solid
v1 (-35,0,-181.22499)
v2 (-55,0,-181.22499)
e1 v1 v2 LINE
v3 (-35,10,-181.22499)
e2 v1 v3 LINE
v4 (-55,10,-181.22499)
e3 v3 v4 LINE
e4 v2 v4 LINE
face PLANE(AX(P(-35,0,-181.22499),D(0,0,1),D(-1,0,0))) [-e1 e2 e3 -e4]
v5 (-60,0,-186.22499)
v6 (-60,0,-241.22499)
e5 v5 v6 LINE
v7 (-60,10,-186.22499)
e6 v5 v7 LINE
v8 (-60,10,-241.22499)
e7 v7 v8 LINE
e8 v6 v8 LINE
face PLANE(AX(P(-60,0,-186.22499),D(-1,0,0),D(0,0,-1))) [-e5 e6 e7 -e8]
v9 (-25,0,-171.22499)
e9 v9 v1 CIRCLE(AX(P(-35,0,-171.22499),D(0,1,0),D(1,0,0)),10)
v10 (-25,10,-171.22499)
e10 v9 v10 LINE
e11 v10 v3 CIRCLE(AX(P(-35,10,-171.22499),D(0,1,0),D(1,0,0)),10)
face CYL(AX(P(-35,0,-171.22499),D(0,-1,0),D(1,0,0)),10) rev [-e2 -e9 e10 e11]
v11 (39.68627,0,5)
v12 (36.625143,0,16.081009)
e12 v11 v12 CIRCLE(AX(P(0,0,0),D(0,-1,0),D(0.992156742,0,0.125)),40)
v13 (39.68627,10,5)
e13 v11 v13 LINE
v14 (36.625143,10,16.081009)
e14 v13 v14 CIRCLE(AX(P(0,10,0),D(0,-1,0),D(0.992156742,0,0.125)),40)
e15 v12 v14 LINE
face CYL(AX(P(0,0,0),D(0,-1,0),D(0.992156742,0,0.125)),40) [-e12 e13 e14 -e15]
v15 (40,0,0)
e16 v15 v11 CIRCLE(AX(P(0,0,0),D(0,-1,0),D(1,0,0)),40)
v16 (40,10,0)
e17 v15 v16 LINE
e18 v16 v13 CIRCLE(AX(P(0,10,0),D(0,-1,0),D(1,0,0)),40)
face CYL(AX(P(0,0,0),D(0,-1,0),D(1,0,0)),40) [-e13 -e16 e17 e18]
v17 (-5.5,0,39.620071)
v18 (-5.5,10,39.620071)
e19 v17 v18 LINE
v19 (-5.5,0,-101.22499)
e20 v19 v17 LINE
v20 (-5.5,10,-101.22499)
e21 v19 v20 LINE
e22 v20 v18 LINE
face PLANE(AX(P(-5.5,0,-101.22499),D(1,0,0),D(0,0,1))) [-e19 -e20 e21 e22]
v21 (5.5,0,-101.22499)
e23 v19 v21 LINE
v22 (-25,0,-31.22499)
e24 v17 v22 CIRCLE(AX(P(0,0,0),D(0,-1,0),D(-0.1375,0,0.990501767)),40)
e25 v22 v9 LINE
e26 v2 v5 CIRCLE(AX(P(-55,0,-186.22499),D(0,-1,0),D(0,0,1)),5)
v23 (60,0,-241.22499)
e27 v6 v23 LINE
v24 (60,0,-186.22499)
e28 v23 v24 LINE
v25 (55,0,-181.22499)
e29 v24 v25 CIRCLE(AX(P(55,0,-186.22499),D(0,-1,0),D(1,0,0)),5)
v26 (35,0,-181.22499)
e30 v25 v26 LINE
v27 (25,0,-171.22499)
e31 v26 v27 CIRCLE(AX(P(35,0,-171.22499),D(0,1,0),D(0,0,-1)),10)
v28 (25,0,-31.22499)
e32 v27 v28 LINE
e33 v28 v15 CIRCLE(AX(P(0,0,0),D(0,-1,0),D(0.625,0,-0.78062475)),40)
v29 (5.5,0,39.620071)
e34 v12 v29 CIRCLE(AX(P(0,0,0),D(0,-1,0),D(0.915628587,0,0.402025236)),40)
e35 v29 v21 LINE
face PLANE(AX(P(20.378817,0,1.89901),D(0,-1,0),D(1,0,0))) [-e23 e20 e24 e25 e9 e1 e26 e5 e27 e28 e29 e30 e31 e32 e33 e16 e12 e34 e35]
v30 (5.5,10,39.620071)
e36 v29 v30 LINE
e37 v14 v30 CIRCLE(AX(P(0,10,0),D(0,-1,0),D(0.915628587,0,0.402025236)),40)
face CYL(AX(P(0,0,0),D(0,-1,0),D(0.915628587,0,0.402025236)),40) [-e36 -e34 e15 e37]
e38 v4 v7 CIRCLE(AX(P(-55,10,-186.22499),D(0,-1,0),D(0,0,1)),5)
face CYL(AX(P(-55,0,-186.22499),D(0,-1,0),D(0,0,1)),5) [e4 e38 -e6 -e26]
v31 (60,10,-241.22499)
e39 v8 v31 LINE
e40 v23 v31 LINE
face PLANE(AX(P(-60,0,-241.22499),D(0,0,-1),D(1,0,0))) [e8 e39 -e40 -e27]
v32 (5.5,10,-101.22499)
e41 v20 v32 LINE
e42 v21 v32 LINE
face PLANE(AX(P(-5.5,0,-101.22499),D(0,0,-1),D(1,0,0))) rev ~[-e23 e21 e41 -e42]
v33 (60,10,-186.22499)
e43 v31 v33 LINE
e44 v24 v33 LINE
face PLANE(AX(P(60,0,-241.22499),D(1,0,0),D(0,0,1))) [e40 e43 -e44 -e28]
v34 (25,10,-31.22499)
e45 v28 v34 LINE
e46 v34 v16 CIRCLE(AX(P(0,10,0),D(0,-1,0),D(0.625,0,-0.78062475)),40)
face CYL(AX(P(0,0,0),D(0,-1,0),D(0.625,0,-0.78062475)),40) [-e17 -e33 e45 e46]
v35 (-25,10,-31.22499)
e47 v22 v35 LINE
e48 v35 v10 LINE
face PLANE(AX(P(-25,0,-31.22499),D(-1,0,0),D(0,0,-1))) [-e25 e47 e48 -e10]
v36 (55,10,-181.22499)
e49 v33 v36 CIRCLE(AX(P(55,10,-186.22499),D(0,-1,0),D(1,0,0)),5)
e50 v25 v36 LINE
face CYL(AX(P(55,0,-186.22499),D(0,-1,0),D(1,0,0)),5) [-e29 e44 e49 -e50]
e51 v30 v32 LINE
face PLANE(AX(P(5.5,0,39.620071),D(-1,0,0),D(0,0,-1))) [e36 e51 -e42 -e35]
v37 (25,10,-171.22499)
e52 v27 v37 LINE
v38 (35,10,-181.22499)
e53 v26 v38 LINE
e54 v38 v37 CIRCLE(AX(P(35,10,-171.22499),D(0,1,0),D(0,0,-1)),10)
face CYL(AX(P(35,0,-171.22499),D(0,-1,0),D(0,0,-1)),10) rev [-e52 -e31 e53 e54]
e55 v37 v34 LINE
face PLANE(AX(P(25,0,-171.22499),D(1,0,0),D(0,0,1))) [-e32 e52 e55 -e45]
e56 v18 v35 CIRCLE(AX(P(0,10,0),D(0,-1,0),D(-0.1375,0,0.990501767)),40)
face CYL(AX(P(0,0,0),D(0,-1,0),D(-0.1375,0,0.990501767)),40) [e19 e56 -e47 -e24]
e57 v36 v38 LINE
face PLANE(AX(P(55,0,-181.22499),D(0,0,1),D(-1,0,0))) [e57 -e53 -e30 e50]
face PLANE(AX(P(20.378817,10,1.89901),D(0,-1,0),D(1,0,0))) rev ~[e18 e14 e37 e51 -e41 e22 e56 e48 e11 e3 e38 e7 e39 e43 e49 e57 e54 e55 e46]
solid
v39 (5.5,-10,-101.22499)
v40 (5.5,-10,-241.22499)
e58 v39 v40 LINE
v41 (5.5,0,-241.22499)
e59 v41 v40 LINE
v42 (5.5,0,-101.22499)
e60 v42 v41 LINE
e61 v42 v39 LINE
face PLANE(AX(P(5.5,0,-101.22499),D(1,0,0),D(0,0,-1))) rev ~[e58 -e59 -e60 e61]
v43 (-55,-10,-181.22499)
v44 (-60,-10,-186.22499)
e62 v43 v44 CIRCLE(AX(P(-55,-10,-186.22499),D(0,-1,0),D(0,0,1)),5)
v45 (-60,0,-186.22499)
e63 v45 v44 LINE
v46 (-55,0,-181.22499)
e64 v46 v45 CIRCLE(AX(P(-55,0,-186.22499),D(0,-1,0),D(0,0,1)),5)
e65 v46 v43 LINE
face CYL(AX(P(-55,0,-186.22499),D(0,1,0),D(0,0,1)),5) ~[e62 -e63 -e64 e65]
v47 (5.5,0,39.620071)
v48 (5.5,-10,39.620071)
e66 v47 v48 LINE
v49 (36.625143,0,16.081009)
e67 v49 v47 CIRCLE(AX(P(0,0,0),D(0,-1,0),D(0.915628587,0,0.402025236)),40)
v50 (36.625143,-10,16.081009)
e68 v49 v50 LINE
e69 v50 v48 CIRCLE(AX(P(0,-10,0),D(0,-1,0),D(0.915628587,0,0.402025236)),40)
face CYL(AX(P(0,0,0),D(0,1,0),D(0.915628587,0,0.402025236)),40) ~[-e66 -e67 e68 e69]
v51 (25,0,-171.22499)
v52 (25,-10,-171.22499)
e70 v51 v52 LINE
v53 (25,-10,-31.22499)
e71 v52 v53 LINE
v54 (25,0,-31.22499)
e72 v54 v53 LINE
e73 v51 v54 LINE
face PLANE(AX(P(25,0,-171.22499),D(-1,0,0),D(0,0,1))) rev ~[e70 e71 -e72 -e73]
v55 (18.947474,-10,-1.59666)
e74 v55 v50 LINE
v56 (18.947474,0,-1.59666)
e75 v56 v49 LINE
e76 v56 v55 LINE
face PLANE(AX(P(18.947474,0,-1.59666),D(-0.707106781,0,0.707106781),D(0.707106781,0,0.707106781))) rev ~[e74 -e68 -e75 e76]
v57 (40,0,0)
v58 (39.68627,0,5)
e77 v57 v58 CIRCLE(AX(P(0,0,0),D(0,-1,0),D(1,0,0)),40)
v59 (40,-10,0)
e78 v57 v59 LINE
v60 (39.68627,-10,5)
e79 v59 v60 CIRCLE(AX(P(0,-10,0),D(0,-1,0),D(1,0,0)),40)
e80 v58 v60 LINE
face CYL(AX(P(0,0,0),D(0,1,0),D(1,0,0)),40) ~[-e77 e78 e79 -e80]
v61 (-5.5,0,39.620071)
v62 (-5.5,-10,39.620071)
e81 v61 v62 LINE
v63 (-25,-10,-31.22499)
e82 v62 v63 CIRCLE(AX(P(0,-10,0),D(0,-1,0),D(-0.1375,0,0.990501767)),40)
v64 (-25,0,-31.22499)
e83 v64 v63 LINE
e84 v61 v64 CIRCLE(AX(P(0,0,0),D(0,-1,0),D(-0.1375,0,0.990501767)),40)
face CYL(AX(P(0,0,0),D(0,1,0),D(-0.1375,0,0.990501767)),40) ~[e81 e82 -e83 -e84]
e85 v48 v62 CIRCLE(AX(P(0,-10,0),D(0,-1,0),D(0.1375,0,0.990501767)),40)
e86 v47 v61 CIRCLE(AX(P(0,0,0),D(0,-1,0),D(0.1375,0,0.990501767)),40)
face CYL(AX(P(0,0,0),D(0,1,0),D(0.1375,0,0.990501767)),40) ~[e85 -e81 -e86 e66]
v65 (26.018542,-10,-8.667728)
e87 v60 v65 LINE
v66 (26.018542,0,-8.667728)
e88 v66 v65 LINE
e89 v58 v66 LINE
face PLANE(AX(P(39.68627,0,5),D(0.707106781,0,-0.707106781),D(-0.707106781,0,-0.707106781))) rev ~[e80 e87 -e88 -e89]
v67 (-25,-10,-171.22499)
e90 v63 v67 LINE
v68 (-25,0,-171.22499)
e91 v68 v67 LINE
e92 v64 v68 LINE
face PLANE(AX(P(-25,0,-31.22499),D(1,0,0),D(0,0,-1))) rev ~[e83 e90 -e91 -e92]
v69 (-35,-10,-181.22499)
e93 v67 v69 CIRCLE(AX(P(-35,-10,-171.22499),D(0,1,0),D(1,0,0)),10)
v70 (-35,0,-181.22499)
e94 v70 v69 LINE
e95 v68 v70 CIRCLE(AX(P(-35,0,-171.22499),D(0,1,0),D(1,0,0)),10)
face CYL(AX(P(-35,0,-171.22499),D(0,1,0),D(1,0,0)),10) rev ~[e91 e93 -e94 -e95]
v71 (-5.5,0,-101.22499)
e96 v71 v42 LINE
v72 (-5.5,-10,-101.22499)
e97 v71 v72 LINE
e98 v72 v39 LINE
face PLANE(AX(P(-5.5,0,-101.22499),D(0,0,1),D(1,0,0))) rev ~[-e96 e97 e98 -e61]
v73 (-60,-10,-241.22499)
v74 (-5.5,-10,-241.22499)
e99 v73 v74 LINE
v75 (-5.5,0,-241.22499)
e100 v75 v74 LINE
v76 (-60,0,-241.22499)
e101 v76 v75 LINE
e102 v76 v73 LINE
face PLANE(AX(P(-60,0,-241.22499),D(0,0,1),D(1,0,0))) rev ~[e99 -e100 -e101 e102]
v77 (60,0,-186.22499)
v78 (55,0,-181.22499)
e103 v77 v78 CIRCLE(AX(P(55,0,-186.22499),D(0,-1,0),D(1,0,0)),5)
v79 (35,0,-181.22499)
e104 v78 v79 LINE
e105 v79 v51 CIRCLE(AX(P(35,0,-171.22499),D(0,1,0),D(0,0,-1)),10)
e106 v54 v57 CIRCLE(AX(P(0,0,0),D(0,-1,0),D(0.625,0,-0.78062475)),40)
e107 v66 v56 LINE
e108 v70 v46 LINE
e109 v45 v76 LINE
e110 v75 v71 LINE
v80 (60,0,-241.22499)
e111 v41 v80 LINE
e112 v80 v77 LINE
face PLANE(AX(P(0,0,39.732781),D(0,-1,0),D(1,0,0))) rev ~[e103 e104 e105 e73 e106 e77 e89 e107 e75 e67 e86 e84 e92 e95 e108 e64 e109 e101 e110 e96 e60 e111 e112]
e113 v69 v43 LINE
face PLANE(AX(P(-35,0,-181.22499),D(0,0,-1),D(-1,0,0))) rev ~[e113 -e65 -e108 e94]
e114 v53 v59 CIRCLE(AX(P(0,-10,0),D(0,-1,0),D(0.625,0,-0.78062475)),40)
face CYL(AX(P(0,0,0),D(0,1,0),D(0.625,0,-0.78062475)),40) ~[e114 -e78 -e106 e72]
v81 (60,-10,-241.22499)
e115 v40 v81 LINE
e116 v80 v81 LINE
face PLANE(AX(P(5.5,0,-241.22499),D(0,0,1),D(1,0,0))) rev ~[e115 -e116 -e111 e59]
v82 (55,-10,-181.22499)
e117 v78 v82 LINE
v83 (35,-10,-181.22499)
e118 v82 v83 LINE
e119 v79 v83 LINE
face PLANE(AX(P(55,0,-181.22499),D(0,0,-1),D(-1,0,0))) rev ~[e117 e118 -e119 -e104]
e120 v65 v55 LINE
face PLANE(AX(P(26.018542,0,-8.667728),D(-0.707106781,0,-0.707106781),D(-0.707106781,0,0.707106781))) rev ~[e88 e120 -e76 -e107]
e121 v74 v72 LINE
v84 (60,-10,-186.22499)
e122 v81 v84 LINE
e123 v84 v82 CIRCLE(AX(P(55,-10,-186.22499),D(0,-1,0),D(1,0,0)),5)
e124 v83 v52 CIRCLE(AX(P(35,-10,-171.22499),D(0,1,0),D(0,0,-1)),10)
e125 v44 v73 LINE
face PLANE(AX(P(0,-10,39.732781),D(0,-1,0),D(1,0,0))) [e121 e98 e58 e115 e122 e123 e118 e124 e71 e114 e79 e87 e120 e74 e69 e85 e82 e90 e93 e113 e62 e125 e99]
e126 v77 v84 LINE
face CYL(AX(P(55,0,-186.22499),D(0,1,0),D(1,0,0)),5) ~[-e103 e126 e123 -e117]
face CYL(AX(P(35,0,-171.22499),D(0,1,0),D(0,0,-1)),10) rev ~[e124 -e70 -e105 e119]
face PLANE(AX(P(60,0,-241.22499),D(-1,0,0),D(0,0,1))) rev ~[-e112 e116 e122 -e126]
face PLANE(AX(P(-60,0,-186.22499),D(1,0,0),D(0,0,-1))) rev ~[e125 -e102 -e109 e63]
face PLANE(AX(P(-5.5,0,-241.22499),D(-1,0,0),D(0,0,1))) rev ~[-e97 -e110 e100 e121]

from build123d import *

# Parameters (mm, degrees)
F0_W     = 11
F0_H     = 70.8450606633
F1_DEPTH = 10
F0_H_2   = 60
F0_H_3   = 80
F2_DEPTH = 10


with BuildPart() as f1:
    # F0 (on Front) → F1 (new body)
    with BuildSketch(Plane.XZ):
        with BuildLine():
            Line((-5.5, 39.6200706713), (5.5, 39.6200706713))
            ThreePointArc((5.5, 39.6200706713), (0, 40), (-5.5, 39.6200706713))
        make_face()
        with BuildLine():
            Line((-25, -31.224989992), (-5.5, -31.224989992))
            Line((-5.5, -31.224989992), (-5.5, 39.6200706713))
            ThreePointArc((-5.5, 39.6200706713), (-38.5657640284, 10.6151705075), (-25, -31.224989992))
        make_face()
        with BuildLine():
            ThreePointArc((25, -31.224989992), (36.0555127546, -17.3205080757), (40, 0))
            ThreePointArc((40, 0), (39.9214903695, 2.5049165017), (39.686269666, 5))
            Line((39.686269666, 5), (26.0185417672, -8.6677278987))
            Line((26.0185417672, -8.6677278987), (18.9474739554, -1.5966600869))
            Line((18.9474739554, -1.5966600869), (36.625143485, 16.0810094428))
            ThreePointArc((36.625143485, 16.0810094428), (24.1278631314, 31.9037023041), (5.5, 39.6200706713))
            Line((5.5, 39.6200706713), (5.5, -31.224989992))
            Line((5.5, -31.224989992), (25, -31.224989992))
        make_face()
        with BuildLine():
            ThreePointArc((-25, -31.224989992), (-15.8171376963, -36.7398714627), (-5.5, -39.6200706713))
            Line((-5.5, -39.6200706713), (-5.5, -31.224989992))
            Line((-5.5, -31.224989992), (-25, -31.224989992))
        make_face()
        with BuildLine():
            ThreePointArc((5.5, -39.6200706713), (15.8171376963, -36.7398714627), (25, -31.224989992))
            Line((25, -31.224989992), (5.5, -31.224989992))
            Line((5.5, -31.224989992), (5.5, -39.6200706713))
        make_face()
        with BuildLine():
            Line((-5.5, -101.224989992), (-5.5, -39.6200706713))
            ThreePointArc((-5.5, -39.6200706713), (-15.8171376963, -36.7398714627), (-25, -31.224989992))
            Line((-25, -31.224989992), (-25, -171.224989992))
            ThreePointArc((-25, -171.224989992), (-27.9289321881, -178.2960578039), (-35, -181.224989992))
            Line((-35, -181.224989992), (-55, -181.224989992))
            ThreePointArc((-55, -181.224989992), (-58.5355339059, -182.6894560861), (-60, -186.224989992))
            Line((-60, -186.224989992), (-60, -241.224989992))
            Line((-60, -241.224989992), (-5.5, -241.224989992))
            Line((-5.5, -241.224989992), (-5.5, -181.224989992))
            Line((-5.5, -181.224989992), (-5.5, -101.224989992))
        make_face()
        with BuildLine():
            Line((25, -171.224989992), (25, -31.224989992))
            ThreePointArc((25, -31.224989992), (15.8171376963, -36.7398714627), (5.5, -39.6200706713))
            Line((5.5, -39.6200706713), (5.5, -101.224989992))
            Line((5.5, -101.224989992), (5.5, -181.224989992))
            Line((5.5, -181.224989992), (5.5, -241.224989992))
            Line((5.5, -241.224989992), (60, -241.224989992))
            Line((60, -241.224989992), (60, -186.224989992))
            ThreePointArc((60, -186.224989992), (58.5355339059, -182.6894560861), (55, -181.224989992))
            Line((55, -181.224989992), (35, -181.224989992))
            ThreePointArc((35, -181.224989992), (27.9289321881, -178.2960578039), (25, -171.224989992))
        make_face()
        with Locations((0, 4.1975403397)):
            Rectangle(F0_W, F0_H)
        with BuildLine():
            Line((5.5, -101.224989992), (5.5, -39.6200706713))
            ThreePointArc((5.5, -39.6200706713), (0, -40), (-5.5, -39.6200706713))
            Line((-5.5, -39.6200706713), (-5.5, -101.224989992))
            Line((-5.5, -101.224989992), (5.5, -101.224989992))
        make_face()
        with BuildLine():
            ThreePointArc((-5.5, -39.6200706713), (0, -40), (5.5, -39.6200706713))
            Line((5.5, -39.6200706713), (5.5, -31.224989992))
            Line((5.5, -31.224989992), (-5.5, -31.224989992))
            Line((-5.5, -31.224989992), (-5.5, -39.6200706713))
        make_face()
    extrude(amount=F1_DEPTH)


with BuildPart() as f2:
    # F0 (on Front) → F2 (new body)
    with BuildSketch(Plane.XZ):
        with BuildLine():
            ThreePointArc((25, -31.224989992), (36.0555127546, -17.3205080757), (40, 0))
            ThreePointArc((40, 0), (39.9214903695, 2.5049165017), (39.686269666, 5))
            Line((39.686269666, 5), (26.0185417672, -8.6677278987))
            Line((26.0185417672, -8.6677278987), (18.9474739554, -1.5966600869))
            Line((18.9474739554, -1.5966600869), (36.625143485, 16.0810094428))
            ThreePointArc((36.625143485, 16.0810094428), (24.1278631314, 31.9037023041), (5.5, 39.6200706713))
            Line((5.5, 39.6200706713), (5.5, -31.224989992))
            Line((5.5, -31.224989992), (25, -31.224989992))
        make_face()
        with BuildLine():
            Line((26.0185417672, -8.6677278987), (39.686269666, 5))
            ThreePointArc((39.686269666, 5), (38.5558703292, 10.6510498617), (36.625143485, 16.0810094428))
            Line((36.625143485, 16.0810094428), (18.9474739554, -1.5966600869))
            Line((18.9474739554, -1.5966600869), (26.0185417672, -8.6677278987))
        make_face()
        with BuildLine():
            Line((-25, -31.224989992), (-5.5, -31.224989992))
            Line((-5.5, -31.224989992), (-5.5, 39.6200706713))
            ThreePointArc((-5.5, 39.6200706713), (-38.5657640284, 10.6151705075), (-25, -31.224989992))
        make_face()
        with BuildLine():
            ThreePointArc((-25, -31.224989992), (-15.8171376963, -36.7398714627), (-5.5, -39.6200706713))
            Line((-5.5, -39.6200706713), (-5.5, -31.224989992))
            Line((-5.5, -31.224989992), (-25, -31.224989992))
        make_face()
        with BuildLine():
            ThreePointArc((5.5, -39.6200706713), (15.8171376963, -36.7398714627), (25, -31.224989992))
            Line((25, -31.224989992), (5.5, -31.224989992))
            Line((5.5, -31.224989992), (5.5, -39.6200706713))
        make_face()
        with BuildLine():
            Line((25, -171.224989992), (25, -31.224989992))
            ThreePointArc((25, -31.224989992), (15.8171376963, -36.7398714627), (5.5, -39.6200706713))
            Line((5.5, -39.6200706713), (5.5, -101.224989992))
            Line((5.5, -101.224989992), (5.5, -181.224989992))
            Line((5.5, -181.224989992), (5.5, -241.224989992))
            Line((5.5, -241.224989992), (60, -241.224989992))
            Line((60, -241.224989992), (60, -186.224989992))
            ThreePointArc((60, -186.224989992), (58.5355339059, -182.6894560861), (55, -181.224989992))
            Line((55, -181.224989992), (35, -181.224989992))
            ThreePointArc((35, -181.224989992), (27.9289321881, -178.2960578039), (25, -171.224989992))
        make_face()
        with BuildLine():
            Line((-5.5, -101.224989992), (-5.5, -39.6200706713))
            ThreePointArc((-5.5, -39.6200706713), (-15.8171376963, -36.7398714627), (-25, -31.224989992))
            Line((-25, -31.224989992), (-25, -171.224989992))
            ThreePointArc((-25, -171.224989992), (-27.9289321881, -178.2960578039), (-35, -181.224989992))
            Line((-35, -181.224989992), (-55, -181.224989992))
            ThreePointArc((-55, -181.224989992), (-58.5355339059, -182.6894560861), (-60, -186.224989992))
            Line((-60, -186.224989992), (-60, -241.224989992))
            Line((-60, -241.224989992), (-5.5, -241.224989992))
            Line((-5.5, -241.224989992), (-5.5, -181.224989992))
            Line((-5.5, -181.224989992), (-5.5, -101.224989992))
        make_face()
        with Locations((0, -211.224989992)):
            Rectangle(F0_W, F0_H_2)
        with Locations((0, -141.224989992)):
            Rectangle(F0_W, F0_H_3)
    extrude(amount=-F2_DEPTH)


solid = Compound([f1.part, f2.part])
